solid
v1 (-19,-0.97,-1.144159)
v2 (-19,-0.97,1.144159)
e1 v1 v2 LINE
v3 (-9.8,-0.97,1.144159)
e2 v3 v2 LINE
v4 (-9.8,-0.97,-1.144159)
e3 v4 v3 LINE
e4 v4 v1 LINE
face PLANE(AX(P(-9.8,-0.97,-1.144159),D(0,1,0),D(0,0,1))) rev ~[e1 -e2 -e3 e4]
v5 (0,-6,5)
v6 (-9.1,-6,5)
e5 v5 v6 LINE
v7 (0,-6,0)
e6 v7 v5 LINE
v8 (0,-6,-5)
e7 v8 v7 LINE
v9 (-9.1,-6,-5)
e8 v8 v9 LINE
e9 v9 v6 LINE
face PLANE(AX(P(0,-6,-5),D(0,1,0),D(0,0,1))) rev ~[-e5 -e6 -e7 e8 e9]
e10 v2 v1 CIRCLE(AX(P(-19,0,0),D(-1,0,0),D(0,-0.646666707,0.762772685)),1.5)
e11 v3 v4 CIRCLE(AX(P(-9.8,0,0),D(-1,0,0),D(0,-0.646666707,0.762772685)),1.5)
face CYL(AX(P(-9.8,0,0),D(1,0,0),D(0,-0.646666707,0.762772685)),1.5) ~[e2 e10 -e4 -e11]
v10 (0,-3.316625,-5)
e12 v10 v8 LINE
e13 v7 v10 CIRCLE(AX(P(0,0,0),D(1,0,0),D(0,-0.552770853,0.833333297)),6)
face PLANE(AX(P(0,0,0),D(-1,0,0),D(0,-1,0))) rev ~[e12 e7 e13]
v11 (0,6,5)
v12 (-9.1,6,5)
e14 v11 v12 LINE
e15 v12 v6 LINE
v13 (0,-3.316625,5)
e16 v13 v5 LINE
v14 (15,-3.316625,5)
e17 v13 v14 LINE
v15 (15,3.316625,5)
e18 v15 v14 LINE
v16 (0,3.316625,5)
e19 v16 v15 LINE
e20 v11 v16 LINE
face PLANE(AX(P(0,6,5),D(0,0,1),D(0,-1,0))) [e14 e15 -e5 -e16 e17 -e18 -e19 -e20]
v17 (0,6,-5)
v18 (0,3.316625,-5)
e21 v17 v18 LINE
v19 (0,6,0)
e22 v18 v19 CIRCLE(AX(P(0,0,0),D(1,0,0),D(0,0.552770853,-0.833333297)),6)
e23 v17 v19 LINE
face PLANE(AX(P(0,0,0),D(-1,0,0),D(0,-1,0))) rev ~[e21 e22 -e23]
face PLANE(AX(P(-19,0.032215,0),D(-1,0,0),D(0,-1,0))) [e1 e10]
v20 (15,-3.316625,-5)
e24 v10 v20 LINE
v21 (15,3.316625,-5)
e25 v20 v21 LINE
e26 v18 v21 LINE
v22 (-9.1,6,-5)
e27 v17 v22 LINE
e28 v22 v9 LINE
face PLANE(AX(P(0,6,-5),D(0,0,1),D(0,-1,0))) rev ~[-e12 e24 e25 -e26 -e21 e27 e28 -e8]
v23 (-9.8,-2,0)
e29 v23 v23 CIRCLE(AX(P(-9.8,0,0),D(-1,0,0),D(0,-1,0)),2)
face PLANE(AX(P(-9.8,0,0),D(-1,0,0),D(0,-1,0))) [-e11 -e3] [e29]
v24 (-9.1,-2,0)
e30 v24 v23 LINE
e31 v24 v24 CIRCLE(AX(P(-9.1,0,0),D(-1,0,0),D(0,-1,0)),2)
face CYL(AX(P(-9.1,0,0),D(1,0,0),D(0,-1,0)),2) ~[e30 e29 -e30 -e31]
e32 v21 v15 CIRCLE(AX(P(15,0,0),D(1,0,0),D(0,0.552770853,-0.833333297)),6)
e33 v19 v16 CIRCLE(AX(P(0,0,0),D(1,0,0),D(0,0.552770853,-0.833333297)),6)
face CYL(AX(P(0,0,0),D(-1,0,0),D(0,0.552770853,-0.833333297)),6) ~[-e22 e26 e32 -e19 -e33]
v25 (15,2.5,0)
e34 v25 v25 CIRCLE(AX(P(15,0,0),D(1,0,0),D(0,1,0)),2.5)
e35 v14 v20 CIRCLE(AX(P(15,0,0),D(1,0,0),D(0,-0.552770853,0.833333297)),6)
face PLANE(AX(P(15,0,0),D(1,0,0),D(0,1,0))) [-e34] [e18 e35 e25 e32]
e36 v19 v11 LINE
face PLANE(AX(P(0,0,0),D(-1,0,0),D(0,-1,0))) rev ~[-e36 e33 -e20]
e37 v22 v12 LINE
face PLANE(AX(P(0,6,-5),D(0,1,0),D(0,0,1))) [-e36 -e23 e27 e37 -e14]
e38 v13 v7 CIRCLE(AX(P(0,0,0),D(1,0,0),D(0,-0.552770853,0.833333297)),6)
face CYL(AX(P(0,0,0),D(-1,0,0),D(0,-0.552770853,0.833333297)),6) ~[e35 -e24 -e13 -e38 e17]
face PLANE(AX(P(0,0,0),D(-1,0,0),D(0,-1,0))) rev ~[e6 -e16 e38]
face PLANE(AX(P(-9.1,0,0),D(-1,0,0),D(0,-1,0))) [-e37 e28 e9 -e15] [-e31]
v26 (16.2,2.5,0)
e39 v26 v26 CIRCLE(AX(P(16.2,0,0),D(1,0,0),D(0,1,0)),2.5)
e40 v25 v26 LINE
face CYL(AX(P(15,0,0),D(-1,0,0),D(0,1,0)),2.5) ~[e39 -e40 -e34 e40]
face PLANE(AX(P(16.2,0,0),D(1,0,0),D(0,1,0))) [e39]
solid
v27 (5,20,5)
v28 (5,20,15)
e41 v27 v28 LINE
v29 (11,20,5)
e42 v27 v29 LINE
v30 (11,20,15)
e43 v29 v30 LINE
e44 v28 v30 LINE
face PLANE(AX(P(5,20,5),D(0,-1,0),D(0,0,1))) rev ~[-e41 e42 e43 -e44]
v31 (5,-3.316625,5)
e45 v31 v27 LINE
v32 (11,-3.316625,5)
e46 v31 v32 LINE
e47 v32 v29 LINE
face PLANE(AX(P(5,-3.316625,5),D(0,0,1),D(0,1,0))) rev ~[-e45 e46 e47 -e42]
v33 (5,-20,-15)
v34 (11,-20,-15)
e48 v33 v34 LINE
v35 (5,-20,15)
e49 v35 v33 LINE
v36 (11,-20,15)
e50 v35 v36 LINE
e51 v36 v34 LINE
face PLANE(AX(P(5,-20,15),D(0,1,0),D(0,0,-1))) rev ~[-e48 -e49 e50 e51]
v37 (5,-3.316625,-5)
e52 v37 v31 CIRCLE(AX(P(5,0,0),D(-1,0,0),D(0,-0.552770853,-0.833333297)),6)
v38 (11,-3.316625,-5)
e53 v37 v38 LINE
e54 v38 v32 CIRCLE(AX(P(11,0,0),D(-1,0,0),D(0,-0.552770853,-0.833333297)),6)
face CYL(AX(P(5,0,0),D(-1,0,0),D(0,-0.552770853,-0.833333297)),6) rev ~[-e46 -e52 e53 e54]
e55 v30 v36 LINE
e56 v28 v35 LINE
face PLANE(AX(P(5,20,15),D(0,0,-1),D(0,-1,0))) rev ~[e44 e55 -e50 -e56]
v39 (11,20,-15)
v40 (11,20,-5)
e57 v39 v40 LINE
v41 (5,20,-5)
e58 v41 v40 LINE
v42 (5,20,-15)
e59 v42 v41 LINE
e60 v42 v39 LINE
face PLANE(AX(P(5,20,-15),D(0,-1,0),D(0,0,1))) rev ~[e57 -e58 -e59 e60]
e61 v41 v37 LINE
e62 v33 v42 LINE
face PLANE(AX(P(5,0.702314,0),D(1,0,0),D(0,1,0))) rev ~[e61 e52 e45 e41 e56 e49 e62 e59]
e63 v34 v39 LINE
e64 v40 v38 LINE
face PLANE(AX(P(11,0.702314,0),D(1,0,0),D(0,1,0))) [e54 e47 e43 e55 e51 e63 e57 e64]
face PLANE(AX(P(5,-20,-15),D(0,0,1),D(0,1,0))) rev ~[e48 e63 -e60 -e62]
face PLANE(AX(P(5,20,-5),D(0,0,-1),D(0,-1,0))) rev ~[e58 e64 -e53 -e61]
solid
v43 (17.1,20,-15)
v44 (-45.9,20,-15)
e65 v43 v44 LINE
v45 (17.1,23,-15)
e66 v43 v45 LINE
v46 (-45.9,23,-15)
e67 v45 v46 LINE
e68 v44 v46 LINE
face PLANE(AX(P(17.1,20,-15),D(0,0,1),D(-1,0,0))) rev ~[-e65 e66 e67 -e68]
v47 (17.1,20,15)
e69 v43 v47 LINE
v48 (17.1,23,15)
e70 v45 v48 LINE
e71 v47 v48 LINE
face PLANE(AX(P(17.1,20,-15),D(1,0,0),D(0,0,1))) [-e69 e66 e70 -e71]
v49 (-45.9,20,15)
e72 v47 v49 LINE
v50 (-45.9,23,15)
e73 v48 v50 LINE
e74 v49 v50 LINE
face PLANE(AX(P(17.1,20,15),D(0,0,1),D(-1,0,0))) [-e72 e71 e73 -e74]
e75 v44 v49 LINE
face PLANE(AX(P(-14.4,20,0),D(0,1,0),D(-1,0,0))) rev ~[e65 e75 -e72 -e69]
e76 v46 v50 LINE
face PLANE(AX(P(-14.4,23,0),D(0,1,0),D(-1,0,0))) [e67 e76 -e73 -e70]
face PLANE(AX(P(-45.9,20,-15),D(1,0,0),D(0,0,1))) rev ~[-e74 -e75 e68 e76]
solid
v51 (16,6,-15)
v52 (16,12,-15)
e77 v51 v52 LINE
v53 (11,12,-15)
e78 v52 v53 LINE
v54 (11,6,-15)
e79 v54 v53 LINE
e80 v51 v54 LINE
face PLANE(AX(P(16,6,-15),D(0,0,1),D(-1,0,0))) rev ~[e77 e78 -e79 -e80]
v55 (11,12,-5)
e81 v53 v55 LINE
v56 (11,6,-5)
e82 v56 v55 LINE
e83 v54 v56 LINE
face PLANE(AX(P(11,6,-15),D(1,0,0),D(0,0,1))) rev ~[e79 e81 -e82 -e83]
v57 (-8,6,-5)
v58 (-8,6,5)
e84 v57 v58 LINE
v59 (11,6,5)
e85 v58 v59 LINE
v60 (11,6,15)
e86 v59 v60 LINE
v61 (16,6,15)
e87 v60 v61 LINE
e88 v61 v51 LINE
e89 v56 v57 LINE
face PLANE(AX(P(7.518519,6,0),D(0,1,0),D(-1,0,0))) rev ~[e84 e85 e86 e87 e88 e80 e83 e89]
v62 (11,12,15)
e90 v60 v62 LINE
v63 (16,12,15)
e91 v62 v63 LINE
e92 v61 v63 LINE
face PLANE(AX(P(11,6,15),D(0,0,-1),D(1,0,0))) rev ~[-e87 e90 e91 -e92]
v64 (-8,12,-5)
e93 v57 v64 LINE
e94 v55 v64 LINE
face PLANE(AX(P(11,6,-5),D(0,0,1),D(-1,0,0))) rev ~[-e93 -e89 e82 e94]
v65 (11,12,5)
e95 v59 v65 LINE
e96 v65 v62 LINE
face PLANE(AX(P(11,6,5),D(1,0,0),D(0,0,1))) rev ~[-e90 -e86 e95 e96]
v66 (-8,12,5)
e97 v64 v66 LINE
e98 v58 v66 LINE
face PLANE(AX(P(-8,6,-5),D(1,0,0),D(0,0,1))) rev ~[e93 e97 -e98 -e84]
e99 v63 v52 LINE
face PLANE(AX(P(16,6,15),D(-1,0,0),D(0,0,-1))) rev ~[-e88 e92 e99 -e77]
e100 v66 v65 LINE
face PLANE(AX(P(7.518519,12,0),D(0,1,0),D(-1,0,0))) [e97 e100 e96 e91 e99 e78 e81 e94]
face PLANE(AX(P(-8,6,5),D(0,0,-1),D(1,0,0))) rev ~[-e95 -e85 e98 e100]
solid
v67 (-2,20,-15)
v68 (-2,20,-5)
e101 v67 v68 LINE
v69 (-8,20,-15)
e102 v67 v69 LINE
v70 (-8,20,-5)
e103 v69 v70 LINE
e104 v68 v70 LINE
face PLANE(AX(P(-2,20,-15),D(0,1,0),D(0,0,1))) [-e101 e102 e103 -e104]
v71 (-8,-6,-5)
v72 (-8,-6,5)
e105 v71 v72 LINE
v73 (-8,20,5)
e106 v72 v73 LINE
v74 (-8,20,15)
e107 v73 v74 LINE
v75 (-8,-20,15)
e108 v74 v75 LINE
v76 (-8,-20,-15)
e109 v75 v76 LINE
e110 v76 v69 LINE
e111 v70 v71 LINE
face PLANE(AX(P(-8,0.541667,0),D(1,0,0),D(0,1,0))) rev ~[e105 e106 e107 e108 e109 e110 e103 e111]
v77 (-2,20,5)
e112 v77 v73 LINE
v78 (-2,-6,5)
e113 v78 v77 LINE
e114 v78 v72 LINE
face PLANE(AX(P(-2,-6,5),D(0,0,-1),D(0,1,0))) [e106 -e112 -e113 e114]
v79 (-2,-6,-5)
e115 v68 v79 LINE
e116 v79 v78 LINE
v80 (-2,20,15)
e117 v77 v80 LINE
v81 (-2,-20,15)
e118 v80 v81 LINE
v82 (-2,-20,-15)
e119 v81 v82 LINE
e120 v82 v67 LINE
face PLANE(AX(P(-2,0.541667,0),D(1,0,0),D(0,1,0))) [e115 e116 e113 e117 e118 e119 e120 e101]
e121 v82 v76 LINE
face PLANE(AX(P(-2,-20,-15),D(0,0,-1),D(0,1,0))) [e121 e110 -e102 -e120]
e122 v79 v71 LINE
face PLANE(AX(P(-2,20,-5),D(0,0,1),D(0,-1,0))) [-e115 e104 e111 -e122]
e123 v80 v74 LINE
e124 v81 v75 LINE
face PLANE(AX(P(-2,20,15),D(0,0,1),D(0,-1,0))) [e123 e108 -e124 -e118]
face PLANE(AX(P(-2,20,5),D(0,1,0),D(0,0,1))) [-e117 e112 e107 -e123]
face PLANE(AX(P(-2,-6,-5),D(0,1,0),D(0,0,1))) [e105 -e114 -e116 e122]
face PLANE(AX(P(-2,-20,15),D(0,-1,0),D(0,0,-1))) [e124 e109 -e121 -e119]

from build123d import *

# Parameters (mm, degrees)
F1_DEPTH  = 15
F2_R      = 2.5
F3_DEPTH  = 1.2
F4_W      = 12
F4_H      = 10
F5_DEPTH  = 9.1
F6_R      = 2
F7_DEPTH  = 0.7
F9_DEPTH  = 9.2
F12_DEPTH = 6
F13_W     = 63
F13_H     = 30
F14_DEPTH = 3
F17_DEPTH = 6
F19_DEPTH = 6


with BuildPart() as f1:
    # F0 (on Right) → F1 (new body)
    with BuildSketch(Plane.YZ):
        with BuildLine():
            Line((-3.316625, -5), (3.316625, -5))
            ThreePointArc((3.316625, -5), (6, 0), (3.316625, 5))
            Line((3.316625, 5), (-3.316625, 5))
            ThreePointArc((-3.316625, 5), (-6, 0), (-3.316625, -5))
        make_face()
    extrude(amount=F1_DEPTH)

    # F2 (on face) → F3 (join)
    with BuildSketch(Plane.YZ.offset(15)):
        Circle(F2_R)
    extrude(amount=F3_DEPTH)

    # F4 (on face) → F5 (join)
    with BuildSketch(Plane(origin=(0, 0, 0), x_dir=(0, -1, 0), z_dir=(-1, 0, 0))):
        Rectangle(F4_W, F4_H)
    extrude(amount=F5_DEPTH)

    # F6 (on face) → F7 (join)
    with BuildSketch(Plane(origin=(-9.1, 0, 0), x_dir=(0, -1, 0), z_dir=(-1, 0, 0))):
        Circle(F6_R)
    extrude(amount=F7_DEPTH)

    # F8 (on face) → F9 (join)
    with BuildSketch(Plane(origin=(-9.8, 0, 0), x_dir=(0, -1, 0), z_dir=(-1, 0, 0))):
        with BuildLine():
            Line((0.97, -1.144159), (0.97, 1.144159))
            ThreePointArc((0.97, 1.144159), (-1.5, 0), (0.97, -1.144159))
        make_face()
    extrude(amount=F9_DEPTH)


with BuildPart() as f12:
    # F11 (on offset) → F12 (new body)
    with BuildSketch(Plane.YZ.offset(5)):
        with BuildLine():
            Line((-3.316625, 5), (3.316625, 5))
            Line((3.316625, 5), (20, 5))
            Line((20, 5), (20, 15))
            Line((20, 15), (-20, 15))
            Line((-20, 15), (-20, -15))
            Line((-20, -15), (20, -15))
            Line((20, -15), (20, -5))
            Line((20, -5), (3.316625, -5))
            Line((3.316625, -5), (-3.316625, -5))
            ThreePointArc((-3.316625, -5), (-6, 0), (-3.316625, 5))
        make_face()
    extrude(amount=F12_DEPTH)


with BuildPart() as f14:
    # F13 (on face) → F14 (new body)
    with BuildSketch(Plane(origin=(0, 20, 0), x_dir=(-1, 0, 0), z_dir=(0, 1, 0))):
        with Locations((14.4, 0)):
            Rectangle(F13_W, F13_H)
    extrude(amount=F14_DEPTH)


with BuildPart() as f17:
    # F16 (on offset) → F17 (new body)
    with BuildSketch(Plane.YZ.offset(-2)):
        Polygon((20, -5), (6, -5), (-3.316625, -5), (-6, -5), (-6, 5), (-3.316625, 5), (6, 5), (20, 5), (20, 15), (-20, 15), (-20, -15), (20, -15), align=None)
    extrude(amount=-F17_DEPTH)


with BuildPart() as f19:
    # F18 (on face) → F19 (new body)
    with BuildSketch(Plane(origin=(0, 6, 0), x_dir=(-1, 0, 0), z_dir=(0, 1, 0))):
        Polygon((8, -5), (8, 5), (-11, 5), (-11, 15), (-16, 15), (-16, -15), (-11, -15), (-11, -5), align=None)
    extrude(amount=F19_DEPTH)


solid = Compound([f1.part, f12.part, f14.part, f17.part, f19.part])
